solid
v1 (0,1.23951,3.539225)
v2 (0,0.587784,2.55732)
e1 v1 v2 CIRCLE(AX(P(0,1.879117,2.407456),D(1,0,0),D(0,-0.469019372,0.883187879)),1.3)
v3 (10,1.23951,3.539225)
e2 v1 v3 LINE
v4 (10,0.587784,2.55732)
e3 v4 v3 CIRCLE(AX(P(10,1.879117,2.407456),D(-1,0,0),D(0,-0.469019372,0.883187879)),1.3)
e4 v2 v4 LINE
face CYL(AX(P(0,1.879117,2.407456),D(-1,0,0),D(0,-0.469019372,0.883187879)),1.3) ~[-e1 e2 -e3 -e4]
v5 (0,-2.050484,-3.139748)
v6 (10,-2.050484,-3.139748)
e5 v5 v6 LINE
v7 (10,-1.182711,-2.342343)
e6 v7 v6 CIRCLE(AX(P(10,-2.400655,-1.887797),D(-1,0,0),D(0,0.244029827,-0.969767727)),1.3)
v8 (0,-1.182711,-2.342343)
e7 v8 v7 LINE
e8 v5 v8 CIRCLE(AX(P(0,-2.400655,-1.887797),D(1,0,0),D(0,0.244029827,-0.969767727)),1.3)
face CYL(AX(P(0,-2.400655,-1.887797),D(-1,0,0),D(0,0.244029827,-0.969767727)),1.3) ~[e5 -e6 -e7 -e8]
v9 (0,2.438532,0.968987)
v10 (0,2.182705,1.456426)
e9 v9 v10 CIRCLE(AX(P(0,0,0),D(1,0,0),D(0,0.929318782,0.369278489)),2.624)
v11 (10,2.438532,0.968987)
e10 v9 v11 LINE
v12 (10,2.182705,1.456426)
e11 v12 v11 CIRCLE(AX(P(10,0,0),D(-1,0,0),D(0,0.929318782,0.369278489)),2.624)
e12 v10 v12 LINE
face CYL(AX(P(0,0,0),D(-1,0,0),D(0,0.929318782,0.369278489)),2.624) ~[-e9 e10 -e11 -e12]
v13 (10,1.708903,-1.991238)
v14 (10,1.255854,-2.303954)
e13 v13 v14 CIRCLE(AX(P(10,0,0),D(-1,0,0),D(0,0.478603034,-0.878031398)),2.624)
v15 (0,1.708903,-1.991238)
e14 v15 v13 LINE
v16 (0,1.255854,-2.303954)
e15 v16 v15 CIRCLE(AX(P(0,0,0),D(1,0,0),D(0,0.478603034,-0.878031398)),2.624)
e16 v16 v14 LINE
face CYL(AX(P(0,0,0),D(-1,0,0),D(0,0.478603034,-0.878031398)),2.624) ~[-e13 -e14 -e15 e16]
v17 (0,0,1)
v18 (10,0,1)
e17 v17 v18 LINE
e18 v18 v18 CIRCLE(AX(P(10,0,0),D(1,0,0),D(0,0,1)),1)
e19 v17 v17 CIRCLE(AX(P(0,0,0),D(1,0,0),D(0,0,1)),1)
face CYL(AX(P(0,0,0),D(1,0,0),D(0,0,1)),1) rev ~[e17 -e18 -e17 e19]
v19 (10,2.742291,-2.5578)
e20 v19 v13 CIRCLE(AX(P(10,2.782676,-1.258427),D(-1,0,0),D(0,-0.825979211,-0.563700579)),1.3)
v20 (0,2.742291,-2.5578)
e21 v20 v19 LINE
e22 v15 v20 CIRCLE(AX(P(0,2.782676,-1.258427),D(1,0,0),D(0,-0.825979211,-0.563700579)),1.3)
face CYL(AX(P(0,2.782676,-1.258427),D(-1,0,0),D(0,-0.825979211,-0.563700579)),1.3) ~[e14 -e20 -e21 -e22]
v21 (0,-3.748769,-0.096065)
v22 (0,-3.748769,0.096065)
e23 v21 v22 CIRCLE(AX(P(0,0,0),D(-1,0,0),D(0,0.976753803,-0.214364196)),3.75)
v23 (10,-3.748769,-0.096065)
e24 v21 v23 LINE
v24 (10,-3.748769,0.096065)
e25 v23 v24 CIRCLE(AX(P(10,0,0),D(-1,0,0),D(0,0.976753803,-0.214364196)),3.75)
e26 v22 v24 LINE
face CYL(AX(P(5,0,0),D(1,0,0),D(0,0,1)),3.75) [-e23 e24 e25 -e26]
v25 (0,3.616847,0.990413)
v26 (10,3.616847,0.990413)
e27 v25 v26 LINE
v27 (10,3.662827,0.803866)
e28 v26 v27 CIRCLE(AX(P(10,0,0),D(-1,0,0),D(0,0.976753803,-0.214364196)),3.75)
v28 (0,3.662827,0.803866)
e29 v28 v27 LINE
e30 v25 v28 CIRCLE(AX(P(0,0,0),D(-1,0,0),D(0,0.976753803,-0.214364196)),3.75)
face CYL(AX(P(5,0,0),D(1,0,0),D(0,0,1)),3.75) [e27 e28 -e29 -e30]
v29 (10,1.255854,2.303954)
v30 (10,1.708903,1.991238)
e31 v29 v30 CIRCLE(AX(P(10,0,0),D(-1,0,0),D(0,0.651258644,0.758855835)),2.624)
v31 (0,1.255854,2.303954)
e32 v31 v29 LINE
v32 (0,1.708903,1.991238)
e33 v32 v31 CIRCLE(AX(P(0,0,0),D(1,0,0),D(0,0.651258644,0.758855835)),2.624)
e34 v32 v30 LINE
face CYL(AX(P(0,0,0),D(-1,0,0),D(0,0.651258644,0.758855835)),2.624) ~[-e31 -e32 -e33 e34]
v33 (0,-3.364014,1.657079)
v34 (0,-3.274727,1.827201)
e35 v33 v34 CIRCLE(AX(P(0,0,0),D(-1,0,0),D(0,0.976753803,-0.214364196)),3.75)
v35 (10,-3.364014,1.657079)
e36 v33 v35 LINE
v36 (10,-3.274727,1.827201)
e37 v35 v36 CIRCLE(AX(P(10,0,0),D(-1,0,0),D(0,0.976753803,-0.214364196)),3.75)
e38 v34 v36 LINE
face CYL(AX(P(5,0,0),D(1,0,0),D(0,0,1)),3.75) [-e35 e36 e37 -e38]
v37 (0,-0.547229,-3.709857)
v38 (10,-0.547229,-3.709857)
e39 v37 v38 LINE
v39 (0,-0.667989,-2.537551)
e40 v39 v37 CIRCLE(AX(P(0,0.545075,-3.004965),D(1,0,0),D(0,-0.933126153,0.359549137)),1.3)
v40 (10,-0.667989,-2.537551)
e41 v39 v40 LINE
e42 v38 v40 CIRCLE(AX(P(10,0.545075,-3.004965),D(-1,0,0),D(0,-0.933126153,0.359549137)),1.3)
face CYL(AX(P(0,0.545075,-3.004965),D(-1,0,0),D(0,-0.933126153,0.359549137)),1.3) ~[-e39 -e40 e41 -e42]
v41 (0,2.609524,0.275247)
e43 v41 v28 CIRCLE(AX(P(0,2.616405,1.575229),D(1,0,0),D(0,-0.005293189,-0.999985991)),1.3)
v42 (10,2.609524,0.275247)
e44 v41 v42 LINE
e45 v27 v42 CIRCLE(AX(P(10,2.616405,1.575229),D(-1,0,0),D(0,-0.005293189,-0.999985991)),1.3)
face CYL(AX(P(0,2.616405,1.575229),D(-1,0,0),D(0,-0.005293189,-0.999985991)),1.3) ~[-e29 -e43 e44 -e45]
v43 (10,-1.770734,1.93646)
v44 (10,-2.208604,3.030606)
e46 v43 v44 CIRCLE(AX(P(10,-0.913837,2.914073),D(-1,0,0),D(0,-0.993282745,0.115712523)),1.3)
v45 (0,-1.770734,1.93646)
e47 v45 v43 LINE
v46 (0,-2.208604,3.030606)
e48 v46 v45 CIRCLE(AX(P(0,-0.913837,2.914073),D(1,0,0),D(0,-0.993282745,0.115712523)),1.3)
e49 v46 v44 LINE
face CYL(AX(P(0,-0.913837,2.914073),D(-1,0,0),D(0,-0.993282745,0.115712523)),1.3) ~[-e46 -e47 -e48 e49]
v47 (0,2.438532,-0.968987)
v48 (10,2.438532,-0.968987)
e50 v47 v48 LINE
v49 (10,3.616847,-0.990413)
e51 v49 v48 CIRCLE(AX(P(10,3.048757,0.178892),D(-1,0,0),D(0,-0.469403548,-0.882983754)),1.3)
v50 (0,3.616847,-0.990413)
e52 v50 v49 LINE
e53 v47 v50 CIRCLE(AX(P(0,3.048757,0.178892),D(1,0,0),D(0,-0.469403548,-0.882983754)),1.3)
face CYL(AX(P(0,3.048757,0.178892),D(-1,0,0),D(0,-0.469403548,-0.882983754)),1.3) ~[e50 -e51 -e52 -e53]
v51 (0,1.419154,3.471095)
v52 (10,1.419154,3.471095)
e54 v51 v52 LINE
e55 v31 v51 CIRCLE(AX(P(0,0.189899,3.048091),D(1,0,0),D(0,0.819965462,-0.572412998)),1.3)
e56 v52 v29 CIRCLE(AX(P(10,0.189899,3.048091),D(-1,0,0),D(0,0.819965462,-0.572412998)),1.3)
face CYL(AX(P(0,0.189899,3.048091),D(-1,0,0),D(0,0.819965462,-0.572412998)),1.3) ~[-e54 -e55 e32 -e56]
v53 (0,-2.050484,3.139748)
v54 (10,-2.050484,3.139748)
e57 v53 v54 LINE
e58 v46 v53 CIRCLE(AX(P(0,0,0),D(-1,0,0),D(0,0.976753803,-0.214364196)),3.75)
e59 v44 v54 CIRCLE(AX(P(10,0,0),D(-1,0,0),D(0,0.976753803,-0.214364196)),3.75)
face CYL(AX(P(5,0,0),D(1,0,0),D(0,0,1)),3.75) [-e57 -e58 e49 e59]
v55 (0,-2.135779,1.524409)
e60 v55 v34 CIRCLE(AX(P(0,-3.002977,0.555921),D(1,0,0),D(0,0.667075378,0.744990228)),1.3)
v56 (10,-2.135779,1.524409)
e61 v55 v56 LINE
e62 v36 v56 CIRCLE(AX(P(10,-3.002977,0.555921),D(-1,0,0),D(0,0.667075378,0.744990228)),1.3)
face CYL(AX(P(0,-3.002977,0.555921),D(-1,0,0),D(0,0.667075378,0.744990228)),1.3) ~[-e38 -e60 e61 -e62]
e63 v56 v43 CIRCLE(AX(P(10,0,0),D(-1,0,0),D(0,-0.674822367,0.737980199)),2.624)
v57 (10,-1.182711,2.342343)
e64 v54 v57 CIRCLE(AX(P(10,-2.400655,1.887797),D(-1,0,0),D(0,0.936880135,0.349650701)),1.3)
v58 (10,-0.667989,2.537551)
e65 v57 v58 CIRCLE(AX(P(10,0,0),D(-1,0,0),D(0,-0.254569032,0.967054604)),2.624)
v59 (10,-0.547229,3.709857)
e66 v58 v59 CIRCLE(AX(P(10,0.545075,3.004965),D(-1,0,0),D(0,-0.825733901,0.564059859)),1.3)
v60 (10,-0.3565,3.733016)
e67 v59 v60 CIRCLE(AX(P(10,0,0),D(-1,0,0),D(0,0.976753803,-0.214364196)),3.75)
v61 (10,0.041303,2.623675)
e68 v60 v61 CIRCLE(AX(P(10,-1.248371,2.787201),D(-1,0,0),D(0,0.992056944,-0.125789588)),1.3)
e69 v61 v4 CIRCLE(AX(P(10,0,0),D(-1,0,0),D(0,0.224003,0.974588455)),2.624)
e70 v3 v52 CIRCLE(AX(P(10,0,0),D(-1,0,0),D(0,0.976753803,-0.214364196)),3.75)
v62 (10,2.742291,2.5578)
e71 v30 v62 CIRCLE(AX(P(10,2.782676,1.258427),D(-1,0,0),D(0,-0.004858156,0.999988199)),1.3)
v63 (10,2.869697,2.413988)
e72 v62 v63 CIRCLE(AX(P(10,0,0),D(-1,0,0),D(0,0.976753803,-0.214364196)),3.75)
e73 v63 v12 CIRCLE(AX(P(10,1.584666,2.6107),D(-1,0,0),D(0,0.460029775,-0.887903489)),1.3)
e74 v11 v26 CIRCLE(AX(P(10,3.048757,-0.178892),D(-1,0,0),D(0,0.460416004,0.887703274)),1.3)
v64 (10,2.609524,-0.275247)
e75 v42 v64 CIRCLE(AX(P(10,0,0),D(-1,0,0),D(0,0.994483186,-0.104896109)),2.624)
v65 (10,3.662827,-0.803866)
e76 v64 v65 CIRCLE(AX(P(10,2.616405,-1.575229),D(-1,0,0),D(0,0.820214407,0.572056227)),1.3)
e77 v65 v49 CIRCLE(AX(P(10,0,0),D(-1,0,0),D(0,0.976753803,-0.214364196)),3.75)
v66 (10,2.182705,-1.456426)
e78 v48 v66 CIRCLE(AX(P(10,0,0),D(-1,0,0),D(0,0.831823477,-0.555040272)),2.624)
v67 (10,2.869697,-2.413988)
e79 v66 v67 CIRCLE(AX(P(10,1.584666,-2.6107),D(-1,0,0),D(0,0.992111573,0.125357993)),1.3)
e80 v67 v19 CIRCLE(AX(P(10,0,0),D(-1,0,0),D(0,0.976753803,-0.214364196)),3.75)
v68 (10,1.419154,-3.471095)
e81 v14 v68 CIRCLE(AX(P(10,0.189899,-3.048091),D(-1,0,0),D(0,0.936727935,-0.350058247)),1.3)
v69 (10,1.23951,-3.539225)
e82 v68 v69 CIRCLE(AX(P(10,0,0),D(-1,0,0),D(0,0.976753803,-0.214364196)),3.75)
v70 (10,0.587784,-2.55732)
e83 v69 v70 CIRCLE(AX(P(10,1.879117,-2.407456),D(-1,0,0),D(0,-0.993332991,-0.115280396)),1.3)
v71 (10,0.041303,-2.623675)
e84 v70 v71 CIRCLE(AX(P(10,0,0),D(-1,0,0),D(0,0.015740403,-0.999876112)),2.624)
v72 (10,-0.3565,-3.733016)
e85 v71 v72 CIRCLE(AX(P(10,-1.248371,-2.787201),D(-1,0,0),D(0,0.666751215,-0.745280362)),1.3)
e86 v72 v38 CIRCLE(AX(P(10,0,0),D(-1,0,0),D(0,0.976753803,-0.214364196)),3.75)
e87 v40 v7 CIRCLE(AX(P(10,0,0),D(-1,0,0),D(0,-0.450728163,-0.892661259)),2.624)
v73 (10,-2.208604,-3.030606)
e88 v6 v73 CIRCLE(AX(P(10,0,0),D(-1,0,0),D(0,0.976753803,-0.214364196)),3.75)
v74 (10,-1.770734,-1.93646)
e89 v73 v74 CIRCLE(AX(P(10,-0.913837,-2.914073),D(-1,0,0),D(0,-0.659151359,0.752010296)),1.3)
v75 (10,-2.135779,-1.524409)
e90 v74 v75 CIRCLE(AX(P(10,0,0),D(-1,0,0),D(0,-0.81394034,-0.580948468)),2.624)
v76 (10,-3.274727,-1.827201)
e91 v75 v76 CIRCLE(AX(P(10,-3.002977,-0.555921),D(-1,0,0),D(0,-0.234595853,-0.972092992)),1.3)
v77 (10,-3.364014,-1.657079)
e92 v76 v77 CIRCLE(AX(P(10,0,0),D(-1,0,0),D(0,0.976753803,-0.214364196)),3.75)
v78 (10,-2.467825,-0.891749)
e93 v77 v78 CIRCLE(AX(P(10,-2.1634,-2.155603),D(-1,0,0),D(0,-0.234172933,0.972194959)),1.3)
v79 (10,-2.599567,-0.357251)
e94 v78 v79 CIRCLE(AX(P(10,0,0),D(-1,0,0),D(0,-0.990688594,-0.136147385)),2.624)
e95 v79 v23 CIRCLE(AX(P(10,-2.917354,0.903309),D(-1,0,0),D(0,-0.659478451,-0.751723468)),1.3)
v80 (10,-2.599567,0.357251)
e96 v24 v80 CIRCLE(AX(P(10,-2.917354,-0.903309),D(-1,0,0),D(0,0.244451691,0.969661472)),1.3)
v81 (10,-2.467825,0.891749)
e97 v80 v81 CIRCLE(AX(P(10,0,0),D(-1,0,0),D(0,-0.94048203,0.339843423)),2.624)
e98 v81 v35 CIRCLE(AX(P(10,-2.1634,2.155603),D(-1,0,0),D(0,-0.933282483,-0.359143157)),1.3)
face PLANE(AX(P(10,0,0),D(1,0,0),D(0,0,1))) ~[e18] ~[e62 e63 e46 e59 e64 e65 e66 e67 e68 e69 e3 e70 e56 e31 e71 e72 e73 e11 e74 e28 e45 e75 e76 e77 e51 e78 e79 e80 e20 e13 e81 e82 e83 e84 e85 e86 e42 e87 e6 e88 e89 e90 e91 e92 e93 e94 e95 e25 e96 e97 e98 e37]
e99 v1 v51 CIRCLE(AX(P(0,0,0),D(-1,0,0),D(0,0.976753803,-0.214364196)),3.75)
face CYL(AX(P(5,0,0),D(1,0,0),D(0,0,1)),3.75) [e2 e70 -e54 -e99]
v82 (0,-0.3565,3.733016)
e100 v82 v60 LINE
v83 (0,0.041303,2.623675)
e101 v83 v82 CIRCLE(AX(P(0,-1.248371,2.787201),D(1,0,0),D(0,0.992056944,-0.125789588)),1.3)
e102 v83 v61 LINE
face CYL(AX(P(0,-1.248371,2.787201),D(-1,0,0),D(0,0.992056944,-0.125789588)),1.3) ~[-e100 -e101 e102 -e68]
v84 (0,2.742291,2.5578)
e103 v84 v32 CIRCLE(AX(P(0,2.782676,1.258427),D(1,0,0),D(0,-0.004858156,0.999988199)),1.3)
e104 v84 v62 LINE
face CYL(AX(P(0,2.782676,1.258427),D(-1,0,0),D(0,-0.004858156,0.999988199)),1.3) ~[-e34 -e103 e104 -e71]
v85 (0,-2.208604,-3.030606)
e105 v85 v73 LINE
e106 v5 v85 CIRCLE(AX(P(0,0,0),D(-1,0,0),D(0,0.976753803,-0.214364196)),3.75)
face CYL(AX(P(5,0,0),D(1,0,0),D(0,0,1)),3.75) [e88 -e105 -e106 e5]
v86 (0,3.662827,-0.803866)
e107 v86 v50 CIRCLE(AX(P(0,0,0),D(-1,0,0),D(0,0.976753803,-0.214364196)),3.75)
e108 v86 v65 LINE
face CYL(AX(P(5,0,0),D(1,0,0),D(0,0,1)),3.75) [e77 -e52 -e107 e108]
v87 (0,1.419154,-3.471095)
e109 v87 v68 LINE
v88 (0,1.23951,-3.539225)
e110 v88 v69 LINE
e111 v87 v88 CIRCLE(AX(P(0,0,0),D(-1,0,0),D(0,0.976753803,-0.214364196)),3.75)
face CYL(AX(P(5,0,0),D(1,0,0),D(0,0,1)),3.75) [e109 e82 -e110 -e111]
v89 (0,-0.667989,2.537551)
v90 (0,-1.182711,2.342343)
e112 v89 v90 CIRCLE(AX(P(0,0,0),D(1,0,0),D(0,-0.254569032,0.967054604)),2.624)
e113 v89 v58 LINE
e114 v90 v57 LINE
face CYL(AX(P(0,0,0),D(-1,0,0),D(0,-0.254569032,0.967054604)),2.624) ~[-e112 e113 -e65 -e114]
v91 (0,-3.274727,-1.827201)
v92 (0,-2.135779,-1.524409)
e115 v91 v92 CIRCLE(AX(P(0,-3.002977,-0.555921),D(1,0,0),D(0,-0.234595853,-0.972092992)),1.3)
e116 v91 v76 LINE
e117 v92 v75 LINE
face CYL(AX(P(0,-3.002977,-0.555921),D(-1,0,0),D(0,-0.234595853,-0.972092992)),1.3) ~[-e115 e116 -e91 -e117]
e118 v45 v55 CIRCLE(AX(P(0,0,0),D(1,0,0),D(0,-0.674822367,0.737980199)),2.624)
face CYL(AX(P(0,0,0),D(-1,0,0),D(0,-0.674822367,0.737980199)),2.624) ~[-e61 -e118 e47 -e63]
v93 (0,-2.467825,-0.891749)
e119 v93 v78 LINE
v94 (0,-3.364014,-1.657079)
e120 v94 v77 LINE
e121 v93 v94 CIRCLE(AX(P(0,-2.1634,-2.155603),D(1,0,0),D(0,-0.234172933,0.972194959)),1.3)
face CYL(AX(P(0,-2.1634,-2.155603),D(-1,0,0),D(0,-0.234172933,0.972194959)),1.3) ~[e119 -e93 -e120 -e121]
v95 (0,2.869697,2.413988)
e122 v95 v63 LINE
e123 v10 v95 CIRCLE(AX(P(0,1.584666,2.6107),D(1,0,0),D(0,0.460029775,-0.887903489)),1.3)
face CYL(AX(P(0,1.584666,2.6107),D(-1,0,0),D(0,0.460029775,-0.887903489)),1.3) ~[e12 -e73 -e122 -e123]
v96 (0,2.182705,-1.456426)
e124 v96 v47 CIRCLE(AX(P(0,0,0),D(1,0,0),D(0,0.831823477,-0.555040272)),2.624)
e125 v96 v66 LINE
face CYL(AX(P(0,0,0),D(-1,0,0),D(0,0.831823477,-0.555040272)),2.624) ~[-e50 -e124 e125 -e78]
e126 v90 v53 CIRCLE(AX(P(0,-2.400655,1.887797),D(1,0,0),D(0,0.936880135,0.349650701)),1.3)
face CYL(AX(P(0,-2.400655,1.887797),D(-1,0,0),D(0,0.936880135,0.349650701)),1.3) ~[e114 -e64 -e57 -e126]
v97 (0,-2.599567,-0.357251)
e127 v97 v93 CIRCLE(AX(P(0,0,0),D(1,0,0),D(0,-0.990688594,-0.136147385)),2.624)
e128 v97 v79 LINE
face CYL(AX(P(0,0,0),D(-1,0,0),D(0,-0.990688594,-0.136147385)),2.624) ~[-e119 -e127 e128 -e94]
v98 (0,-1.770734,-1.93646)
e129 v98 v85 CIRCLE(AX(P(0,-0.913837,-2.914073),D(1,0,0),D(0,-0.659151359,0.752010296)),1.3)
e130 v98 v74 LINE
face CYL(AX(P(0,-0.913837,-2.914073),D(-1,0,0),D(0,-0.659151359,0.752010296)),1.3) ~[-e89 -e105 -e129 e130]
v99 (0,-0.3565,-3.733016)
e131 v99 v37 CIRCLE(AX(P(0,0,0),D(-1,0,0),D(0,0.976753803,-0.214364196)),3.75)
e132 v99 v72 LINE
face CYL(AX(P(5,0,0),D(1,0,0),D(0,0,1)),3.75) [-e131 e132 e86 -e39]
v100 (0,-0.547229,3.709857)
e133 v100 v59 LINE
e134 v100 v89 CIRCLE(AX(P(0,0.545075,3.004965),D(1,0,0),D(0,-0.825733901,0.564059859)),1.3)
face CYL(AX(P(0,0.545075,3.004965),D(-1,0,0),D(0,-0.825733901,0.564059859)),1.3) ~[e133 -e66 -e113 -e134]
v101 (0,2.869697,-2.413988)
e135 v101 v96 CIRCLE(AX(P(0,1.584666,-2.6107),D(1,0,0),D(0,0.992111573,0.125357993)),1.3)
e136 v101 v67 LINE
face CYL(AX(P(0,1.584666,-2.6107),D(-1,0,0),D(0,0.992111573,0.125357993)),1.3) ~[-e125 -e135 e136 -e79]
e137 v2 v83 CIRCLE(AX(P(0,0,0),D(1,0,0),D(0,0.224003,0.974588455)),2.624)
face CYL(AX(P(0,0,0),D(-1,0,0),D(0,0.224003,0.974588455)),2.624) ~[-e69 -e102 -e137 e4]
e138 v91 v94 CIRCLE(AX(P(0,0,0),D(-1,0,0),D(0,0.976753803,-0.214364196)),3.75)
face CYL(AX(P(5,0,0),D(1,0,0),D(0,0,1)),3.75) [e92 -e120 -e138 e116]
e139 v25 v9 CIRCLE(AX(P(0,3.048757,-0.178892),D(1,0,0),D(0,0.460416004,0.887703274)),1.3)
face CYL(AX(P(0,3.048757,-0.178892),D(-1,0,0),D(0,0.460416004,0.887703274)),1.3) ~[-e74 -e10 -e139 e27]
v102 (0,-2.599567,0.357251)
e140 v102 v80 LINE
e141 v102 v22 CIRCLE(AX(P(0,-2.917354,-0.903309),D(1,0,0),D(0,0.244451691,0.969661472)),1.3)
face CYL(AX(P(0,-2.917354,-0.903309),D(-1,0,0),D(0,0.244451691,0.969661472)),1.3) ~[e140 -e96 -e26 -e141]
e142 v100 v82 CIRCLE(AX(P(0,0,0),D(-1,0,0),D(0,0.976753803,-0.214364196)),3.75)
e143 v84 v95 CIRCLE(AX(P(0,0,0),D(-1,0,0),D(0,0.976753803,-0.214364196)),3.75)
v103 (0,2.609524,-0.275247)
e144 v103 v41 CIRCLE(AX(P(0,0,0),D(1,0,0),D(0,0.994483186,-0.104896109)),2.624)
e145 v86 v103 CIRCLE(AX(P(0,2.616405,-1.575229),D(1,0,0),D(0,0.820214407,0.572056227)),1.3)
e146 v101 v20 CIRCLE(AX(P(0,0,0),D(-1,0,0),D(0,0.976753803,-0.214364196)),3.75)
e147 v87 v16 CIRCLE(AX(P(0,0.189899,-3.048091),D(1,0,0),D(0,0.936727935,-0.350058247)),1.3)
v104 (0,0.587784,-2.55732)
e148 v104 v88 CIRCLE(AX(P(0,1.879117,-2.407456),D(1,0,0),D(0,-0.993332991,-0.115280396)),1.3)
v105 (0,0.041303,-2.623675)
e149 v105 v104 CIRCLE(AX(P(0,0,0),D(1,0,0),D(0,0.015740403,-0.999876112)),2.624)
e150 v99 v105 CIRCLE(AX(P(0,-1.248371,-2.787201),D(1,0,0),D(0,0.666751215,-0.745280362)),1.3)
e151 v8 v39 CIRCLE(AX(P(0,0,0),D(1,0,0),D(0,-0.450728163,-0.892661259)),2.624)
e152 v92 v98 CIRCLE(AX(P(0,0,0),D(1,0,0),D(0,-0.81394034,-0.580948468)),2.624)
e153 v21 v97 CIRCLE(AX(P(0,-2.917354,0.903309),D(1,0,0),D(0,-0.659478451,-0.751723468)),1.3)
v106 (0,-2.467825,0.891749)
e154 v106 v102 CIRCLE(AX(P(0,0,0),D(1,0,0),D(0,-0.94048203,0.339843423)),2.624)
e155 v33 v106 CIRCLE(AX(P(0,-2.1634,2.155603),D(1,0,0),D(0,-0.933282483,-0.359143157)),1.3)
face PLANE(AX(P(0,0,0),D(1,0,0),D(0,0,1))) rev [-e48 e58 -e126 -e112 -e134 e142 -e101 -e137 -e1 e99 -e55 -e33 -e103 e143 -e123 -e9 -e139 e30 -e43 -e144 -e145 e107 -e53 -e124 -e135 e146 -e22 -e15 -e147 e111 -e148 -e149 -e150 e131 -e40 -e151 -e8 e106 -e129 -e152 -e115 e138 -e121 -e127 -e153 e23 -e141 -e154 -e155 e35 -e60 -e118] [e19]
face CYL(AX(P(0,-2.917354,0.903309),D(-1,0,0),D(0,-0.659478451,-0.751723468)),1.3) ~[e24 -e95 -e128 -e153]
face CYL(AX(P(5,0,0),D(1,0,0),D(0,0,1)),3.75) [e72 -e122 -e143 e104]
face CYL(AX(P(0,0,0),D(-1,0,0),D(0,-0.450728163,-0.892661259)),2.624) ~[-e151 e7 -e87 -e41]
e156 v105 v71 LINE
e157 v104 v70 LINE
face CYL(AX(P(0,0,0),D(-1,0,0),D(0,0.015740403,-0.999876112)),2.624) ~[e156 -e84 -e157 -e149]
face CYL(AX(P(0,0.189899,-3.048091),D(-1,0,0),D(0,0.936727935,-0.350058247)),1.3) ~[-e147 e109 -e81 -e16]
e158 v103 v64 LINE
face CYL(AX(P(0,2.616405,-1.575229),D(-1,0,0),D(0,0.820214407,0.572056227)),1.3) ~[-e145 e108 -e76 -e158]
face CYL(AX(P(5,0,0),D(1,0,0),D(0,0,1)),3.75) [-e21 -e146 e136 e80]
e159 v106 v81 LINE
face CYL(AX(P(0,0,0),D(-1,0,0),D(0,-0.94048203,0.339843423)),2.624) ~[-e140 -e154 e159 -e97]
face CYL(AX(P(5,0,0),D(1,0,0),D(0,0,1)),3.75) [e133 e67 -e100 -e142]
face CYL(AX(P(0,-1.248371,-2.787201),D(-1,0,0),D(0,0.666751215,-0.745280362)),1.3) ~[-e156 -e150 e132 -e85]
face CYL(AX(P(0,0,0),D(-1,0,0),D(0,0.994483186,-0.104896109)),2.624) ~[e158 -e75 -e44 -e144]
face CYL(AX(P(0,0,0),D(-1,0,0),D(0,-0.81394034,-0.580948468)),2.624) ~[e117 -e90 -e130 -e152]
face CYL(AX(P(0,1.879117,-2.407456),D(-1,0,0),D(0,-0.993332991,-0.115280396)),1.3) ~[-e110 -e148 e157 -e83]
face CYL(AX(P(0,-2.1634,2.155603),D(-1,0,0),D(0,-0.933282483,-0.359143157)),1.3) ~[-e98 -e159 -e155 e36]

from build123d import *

# Parameters (mm, degrees)
BASPROSKE_W     = 10
BASPROSKE_H     = 3.75
TOOTHCUT_DEPTH  = 12.319231423
TEETHCUTS_COUNT = 13
TEETHCUTS_ANGLE = 332.307692308
BORSKE_R        = 1
BORE_DEPTH      = 50.0000508


with BuildPart() as part:
    # BasProSke → Base-Revolve (revolve)
    with BuildSketch(Plane(origin=(0, 0, 0), x_dir=(1, 0, 0), z_dir=(0, 1, 0)), mode=Mode.PRIVATE) as base_revolve_sk:
        with Locations((5, 1.875)):
            Rectangle(BASPROSKE_W, BASPROSKE_H)
    revolve(base_revolve_sk.sketch.rotate(Axis((-10, 0, 0), (1, 0, 0)), 180), axis=Axis((-10, 0, 0), (1, 0, 0)))

    # TooCutSke → ToothCut (cut, through all)
    with BuildSketch(Plane(origin=(0, 0, 0), x_dir=(0, 0, -1), z_dir=(1, 0, 0))):
        with BuildLine():
            ThreePointArc((0.275247387, 2.609523879), (0, 2.624), (-0.275247387, 2.609523879))
            ThreePointArc((-0.275247387, 2.609523879), (-0.421084752, 3.214694797), (-0.831556081, 3.682683756))
            ThreePointArc((-0.831556081, 3.682683756), (0, 3.7754), (0.831556081, 3.682683756))
            ThreePointArc((0.831556081, 3.682683756), (0.421084752, 3.214694797), (0.275247387, 2.609523879))
        make_face()
    toothcut = extrude(amount=TOOTHCUT_DEPTH, mode=Mode.SUBTRACT)

    # TeethCuts: ToothCut ×13 about axis
    teethcuts_axis = Axis((-10, 0, 0), (1, 0, 0))
    for i in range(1, TEETHCUTS_COUNT):
        add(toothcut.rotate(teethcuts_axis, i * TEETHCUTS_ANGLE / (TEETHCUTS_COUNT - 1)), mode=Mode.SUBTRACT)

    # BorSke → Bore (cut, symmetric)
    with BuildSketch(Plane(origin=(0, 0, 0), x_dir=(0, 0, -1), z_dir=(1, 0, 0))):
        with Locations(Location((0, 0, 0), (0, 0, 180))):
            Circle(BORSKE_R)
    extrude(amount=BORE_DEPTH, both=True, mode=Mode.SUBTRACT)


solid = part.part
